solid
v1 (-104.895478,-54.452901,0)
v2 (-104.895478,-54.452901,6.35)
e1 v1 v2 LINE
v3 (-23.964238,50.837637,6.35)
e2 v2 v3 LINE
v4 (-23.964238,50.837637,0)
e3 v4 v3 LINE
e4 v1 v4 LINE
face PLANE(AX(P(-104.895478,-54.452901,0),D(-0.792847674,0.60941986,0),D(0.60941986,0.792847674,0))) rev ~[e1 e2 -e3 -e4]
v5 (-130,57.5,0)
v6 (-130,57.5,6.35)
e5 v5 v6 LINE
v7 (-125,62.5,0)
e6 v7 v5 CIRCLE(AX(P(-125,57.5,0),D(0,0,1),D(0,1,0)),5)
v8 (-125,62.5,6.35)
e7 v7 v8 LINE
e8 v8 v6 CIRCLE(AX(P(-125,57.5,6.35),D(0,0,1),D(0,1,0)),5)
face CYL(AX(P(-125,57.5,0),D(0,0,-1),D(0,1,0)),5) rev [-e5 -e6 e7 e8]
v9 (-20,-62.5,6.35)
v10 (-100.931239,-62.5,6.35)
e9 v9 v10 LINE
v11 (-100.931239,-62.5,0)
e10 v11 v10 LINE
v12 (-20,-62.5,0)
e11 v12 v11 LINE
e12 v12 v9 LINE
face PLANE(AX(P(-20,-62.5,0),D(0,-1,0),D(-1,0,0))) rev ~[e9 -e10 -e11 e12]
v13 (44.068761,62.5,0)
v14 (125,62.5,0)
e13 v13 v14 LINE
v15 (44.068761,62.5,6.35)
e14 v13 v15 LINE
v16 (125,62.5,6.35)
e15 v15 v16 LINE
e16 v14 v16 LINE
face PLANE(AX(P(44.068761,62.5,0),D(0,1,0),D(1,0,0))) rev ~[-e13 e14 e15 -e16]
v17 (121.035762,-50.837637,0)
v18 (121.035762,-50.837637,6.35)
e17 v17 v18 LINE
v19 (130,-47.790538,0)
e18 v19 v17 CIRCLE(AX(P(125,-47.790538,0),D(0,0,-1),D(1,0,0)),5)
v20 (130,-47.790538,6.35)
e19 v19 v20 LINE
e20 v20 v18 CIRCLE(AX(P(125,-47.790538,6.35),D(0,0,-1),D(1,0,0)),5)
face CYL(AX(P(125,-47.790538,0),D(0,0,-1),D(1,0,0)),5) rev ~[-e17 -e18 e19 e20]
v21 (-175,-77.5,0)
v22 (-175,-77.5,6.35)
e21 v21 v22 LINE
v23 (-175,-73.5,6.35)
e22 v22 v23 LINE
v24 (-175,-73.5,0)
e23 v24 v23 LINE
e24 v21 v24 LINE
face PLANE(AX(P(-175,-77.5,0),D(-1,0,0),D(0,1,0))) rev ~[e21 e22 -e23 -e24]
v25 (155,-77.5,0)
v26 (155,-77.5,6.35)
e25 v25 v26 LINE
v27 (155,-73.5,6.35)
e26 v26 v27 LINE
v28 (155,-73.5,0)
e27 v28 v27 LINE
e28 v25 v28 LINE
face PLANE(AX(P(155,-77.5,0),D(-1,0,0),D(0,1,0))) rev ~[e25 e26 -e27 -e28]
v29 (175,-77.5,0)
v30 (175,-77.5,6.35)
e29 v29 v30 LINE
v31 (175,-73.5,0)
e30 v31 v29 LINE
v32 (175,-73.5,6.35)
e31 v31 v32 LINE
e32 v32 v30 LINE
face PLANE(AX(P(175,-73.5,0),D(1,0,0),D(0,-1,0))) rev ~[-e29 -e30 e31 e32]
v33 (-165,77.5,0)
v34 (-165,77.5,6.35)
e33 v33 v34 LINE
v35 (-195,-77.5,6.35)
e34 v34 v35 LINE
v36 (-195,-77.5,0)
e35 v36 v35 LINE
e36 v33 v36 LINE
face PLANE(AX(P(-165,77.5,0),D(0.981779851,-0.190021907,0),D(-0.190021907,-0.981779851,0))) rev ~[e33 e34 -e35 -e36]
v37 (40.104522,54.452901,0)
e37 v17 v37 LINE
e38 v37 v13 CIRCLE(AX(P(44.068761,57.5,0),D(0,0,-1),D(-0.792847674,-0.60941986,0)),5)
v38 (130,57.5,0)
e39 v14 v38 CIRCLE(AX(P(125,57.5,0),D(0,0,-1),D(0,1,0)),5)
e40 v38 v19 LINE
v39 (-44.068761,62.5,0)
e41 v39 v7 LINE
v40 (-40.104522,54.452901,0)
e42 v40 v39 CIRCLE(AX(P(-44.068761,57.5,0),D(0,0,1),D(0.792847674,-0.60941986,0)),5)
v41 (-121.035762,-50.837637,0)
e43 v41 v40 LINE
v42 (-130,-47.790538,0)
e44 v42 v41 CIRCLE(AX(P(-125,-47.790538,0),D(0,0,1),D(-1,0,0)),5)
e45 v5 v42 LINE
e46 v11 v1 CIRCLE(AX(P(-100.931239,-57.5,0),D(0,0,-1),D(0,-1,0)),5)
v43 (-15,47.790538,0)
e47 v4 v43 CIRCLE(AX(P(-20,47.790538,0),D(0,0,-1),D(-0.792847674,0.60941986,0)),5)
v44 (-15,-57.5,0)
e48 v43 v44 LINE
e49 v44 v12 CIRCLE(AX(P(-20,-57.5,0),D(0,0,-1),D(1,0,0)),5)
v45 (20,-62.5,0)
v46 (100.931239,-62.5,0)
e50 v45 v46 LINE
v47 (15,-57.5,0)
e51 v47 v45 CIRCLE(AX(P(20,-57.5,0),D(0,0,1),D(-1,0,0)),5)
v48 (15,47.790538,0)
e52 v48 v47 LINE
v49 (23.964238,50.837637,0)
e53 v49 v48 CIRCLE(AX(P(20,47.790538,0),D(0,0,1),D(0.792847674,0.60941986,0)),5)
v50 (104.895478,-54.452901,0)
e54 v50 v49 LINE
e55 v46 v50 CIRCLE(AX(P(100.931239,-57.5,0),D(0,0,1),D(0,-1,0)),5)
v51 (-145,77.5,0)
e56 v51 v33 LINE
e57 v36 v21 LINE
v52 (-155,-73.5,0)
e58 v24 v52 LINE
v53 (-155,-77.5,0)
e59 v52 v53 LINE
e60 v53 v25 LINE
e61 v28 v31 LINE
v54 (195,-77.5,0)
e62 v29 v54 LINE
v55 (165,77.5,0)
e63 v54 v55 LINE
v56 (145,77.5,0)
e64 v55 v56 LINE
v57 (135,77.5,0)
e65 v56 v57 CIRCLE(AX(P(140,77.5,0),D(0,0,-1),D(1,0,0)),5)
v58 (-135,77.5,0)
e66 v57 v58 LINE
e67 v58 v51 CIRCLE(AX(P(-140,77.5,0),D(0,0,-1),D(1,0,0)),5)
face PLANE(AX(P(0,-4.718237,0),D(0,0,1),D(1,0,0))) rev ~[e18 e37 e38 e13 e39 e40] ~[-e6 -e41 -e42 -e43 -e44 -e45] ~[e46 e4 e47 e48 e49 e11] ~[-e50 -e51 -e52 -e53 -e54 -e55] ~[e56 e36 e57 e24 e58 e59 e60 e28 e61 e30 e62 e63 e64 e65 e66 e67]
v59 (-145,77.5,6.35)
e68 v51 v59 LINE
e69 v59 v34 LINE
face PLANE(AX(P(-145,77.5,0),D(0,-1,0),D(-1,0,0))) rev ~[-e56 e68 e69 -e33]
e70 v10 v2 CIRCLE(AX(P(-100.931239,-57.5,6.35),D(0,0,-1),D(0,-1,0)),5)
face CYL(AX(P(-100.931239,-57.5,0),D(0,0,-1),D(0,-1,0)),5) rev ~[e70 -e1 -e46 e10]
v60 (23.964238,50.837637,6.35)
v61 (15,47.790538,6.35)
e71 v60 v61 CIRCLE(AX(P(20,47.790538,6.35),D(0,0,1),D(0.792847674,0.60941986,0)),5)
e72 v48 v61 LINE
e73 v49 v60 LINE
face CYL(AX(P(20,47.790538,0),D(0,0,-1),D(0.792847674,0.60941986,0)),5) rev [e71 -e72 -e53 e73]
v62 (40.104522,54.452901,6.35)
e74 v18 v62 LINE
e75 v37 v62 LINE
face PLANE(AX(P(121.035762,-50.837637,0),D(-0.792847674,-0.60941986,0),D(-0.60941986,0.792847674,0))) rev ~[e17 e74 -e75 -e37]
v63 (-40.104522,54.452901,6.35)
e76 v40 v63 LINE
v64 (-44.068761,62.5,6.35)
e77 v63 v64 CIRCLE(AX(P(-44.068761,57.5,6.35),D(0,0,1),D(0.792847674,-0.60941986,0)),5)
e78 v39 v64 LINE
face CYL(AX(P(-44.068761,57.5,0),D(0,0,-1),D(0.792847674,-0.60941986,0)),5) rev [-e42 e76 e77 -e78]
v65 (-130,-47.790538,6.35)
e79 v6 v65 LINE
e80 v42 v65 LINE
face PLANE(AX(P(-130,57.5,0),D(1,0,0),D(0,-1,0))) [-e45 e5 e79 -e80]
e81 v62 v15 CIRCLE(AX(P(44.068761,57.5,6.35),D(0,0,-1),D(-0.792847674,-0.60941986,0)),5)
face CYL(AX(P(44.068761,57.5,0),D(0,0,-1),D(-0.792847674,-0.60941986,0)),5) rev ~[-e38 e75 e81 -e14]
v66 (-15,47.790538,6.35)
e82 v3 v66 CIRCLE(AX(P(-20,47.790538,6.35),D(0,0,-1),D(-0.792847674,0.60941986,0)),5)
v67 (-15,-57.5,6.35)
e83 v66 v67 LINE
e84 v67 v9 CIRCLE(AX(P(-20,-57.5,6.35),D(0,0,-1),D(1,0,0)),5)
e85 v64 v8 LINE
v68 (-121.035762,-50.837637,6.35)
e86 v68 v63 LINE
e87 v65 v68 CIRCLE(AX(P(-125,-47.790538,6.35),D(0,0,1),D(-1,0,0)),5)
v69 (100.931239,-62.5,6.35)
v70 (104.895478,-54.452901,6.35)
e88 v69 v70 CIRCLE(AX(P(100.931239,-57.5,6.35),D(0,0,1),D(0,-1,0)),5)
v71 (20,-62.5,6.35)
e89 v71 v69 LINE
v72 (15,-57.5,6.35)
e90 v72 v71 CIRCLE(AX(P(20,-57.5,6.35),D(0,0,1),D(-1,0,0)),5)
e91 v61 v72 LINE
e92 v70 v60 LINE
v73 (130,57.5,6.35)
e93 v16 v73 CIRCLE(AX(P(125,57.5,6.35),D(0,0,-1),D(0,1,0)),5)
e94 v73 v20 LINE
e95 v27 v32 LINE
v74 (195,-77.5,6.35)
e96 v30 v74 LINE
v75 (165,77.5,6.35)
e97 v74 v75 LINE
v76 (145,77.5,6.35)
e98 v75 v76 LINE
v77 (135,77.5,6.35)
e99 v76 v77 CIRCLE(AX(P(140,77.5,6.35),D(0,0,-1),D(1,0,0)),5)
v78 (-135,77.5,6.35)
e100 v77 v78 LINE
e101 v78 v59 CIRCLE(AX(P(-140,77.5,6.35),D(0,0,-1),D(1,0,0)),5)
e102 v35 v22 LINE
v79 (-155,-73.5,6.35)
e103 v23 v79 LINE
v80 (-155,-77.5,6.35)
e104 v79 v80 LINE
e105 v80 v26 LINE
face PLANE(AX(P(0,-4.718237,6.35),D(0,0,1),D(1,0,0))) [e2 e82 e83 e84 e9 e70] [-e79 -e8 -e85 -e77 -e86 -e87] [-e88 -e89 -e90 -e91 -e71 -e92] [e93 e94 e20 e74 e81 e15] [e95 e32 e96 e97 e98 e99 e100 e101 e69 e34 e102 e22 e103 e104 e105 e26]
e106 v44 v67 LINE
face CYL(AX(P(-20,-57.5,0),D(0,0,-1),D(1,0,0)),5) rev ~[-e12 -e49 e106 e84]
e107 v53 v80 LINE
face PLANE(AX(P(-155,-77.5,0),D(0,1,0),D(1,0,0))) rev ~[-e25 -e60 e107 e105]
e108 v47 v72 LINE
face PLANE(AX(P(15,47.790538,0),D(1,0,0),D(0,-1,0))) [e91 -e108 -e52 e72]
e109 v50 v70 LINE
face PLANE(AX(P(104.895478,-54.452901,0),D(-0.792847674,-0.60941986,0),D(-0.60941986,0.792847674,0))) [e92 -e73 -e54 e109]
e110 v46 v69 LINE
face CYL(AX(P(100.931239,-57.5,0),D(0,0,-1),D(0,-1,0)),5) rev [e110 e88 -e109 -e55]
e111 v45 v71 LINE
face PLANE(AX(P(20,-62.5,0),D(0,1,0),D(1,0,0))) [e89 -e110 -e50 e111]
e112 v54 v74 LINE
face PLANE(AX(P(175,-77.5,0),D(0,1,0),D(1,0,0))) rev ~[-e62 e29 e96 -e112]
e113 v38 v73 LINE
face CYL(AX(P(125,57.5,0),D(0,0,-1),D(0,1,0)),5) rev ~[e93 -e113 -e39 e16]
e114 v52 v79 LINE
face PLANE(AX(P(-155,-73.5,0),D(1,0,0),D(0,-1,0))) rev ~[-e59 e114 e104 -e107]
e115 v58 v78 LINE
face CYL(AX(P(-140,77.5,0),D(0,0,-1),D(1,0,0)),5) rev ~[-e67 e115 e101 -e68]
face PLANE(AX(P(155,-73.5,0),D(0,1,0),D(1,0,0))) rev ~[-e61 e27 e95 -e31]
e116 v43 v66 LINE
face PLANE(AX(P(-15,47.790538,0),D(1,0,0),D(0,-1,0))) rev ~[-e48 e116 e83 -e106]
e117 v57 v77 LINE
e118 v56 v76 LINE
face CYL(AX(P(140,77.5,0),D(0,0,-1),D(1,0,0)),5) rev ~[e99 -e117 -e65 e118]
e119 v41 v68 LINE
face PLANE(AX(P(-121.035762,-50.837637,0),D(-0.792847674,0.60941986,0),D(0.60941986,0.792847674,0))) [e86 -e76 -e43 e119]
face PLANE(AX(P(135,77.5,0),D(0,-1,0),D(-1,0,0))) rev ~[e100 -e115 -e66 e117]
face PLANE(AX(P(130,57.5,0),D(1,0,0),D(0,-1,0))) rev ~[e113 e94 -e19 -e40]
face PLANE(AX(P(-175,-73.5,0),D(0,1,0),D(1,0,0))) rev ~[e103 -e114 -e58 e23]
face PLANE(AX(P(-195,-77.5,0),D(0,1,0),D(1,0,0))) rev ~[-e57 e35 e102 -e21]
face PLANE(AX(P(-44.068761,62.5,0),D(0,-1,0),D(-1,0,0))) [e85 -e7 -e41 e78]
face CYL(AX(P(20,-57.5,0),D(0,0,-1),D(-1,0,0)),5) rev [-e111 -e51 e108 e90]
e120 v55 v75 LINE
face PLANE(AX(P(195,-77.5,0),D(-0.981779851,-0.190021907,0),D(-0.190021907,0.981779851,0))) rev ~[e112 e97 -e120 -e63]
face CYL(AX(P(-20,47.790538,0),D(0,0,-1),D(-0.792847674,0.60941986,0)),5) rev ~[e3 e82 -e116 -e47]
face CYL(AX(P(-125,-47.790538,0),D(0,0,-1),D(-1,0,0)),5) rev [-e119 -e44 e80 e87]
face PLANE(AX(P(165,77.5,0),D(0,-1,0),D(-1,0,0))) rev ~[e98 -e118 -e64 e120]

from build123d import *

# Parameters (mm, degrees)
EXTRUDE1_DEPTH = 6.35


with BuildPart() as part:
    # Sketch1 → Extrude1 (new body)
    with BuildSketch(Plane.XY):
        with BuildLine():
            Line((-155, -77.5), (155, -77.5))
            Line((155, -77.5), (155, -73.5))
            Line((155, -73.5), (175, -73.5))
            Line((175, -73.5), (175, -77.5))
            Line((175, -77.5), (195, -77.5))
            Line((195, -77.5), (165, 77.5))
            Line((165, 77.5), (145, 77.5))
            ThreePointArc((145, 77.5), (140, 72.5), (135, 77.5))
            Line((135, 77.5), (-135, 77.5))
            ThreePointArc((-135, 77.5), (-140, 72.5), (-145, 77.5))
            Line((-145, 77.5), (-165, 77.5))
            Line((-165, 77.5), (-195, -77.5))
            Line((-195, -77.5), (-175, -77.5))
            Line((-175, -77.5), (-175, -73.5))
            Line((-175, -73.5), (-155, -73.5))
            Line((-155, -73.5), (-155, -77.5))
        make_face()
        with BuildLine():
            Line((-130, 57.5), (-130, -47.790537842))
            ThreePointArc((-130, -47.790537842), (-126.609162538, -52.524520935), (-121.03576163, -50.837637143))
            Line((-121.03576163, -50.837637143), (-40.104522322, 54.4529007))
            ThreePointArc((-40.104522322, 54.4529007), (-39.583479402, 59.709581804), (-44.068760692, 62.5))
            Line((-44.068760692, 62.5), (-125, 62.5))
            ThreePointArc((-125, 62.5), (-128.535533906, 61.035533906), (-130, 57.5))
        make_face(mode=Mode.SUBTRACT)
        with BuildLine():
            Line((-104.895477678, -54.4529007), (-23.96423837, 50.837637143))
            ThreePointArc((-23.96423837, 50.837637143), (-18.390837462, 52.524520935), (-15, 47.790537842))
            Line((-15, 47.790537842), (-15, -57.5))
            ThreePointArc((-15, -57.5), (-16.464466094, -61.035533906), (-20, -62.5))
            Line((-20, -62.5), (-100.931239308, -62.5))
            ThreePointArc((-100.931239308, -62.5), (-105.416520598, -59.709581804), (-104.895477678, -54.4529007))
        make_face(mode=Mode.SUBTRACT)
        with BuildLine():
            Line((20, -62.5), (100.931239308, -62.5))
            ThreePointArc((100.931239308, -62.5), (105.416520598, -59.709581804), (104.895477678, -54.4529007))
            Line((104.895477678, -54.4529007), (23.96423837, 50.837637143))
            ThreePointArc((23.96423837, 50.837637143), (18.390837462, 52.524520935), (15, 47.790537842))
            Line((15, 47.790537842), (15, -57.5))
            ThreePointArc((15, -57.5), (16.464466094, -61.035533906), (20, -62.5))
        make_face(mode=Mode.SUBTRACT)
        with BuildLine():
            Line((44.068760692, 62.5), (125, 62.5))
            ThreePointArc((125, 62.5), (128.535533906, 61.035533906), (130, 57.5))
            Line((130, 57.5), (130, -47.790537842))
            ThreePointArc((130, -47.790537842), (126.609162538, -52.524520935), (121.03576163, -50.837637143))
            Line((121.03576163, -50.837637143), (40.104522322, 54.4529007))
            ThreePointArc((40.104522322, 54.4529007), (39.583479402, 59.709581804), (44.068760692, 62.5))
        make_face(mode=Mode.SUBTRACT)
    extrude(amount=EXTRUDE1_DEPTH)


solid = part.part
